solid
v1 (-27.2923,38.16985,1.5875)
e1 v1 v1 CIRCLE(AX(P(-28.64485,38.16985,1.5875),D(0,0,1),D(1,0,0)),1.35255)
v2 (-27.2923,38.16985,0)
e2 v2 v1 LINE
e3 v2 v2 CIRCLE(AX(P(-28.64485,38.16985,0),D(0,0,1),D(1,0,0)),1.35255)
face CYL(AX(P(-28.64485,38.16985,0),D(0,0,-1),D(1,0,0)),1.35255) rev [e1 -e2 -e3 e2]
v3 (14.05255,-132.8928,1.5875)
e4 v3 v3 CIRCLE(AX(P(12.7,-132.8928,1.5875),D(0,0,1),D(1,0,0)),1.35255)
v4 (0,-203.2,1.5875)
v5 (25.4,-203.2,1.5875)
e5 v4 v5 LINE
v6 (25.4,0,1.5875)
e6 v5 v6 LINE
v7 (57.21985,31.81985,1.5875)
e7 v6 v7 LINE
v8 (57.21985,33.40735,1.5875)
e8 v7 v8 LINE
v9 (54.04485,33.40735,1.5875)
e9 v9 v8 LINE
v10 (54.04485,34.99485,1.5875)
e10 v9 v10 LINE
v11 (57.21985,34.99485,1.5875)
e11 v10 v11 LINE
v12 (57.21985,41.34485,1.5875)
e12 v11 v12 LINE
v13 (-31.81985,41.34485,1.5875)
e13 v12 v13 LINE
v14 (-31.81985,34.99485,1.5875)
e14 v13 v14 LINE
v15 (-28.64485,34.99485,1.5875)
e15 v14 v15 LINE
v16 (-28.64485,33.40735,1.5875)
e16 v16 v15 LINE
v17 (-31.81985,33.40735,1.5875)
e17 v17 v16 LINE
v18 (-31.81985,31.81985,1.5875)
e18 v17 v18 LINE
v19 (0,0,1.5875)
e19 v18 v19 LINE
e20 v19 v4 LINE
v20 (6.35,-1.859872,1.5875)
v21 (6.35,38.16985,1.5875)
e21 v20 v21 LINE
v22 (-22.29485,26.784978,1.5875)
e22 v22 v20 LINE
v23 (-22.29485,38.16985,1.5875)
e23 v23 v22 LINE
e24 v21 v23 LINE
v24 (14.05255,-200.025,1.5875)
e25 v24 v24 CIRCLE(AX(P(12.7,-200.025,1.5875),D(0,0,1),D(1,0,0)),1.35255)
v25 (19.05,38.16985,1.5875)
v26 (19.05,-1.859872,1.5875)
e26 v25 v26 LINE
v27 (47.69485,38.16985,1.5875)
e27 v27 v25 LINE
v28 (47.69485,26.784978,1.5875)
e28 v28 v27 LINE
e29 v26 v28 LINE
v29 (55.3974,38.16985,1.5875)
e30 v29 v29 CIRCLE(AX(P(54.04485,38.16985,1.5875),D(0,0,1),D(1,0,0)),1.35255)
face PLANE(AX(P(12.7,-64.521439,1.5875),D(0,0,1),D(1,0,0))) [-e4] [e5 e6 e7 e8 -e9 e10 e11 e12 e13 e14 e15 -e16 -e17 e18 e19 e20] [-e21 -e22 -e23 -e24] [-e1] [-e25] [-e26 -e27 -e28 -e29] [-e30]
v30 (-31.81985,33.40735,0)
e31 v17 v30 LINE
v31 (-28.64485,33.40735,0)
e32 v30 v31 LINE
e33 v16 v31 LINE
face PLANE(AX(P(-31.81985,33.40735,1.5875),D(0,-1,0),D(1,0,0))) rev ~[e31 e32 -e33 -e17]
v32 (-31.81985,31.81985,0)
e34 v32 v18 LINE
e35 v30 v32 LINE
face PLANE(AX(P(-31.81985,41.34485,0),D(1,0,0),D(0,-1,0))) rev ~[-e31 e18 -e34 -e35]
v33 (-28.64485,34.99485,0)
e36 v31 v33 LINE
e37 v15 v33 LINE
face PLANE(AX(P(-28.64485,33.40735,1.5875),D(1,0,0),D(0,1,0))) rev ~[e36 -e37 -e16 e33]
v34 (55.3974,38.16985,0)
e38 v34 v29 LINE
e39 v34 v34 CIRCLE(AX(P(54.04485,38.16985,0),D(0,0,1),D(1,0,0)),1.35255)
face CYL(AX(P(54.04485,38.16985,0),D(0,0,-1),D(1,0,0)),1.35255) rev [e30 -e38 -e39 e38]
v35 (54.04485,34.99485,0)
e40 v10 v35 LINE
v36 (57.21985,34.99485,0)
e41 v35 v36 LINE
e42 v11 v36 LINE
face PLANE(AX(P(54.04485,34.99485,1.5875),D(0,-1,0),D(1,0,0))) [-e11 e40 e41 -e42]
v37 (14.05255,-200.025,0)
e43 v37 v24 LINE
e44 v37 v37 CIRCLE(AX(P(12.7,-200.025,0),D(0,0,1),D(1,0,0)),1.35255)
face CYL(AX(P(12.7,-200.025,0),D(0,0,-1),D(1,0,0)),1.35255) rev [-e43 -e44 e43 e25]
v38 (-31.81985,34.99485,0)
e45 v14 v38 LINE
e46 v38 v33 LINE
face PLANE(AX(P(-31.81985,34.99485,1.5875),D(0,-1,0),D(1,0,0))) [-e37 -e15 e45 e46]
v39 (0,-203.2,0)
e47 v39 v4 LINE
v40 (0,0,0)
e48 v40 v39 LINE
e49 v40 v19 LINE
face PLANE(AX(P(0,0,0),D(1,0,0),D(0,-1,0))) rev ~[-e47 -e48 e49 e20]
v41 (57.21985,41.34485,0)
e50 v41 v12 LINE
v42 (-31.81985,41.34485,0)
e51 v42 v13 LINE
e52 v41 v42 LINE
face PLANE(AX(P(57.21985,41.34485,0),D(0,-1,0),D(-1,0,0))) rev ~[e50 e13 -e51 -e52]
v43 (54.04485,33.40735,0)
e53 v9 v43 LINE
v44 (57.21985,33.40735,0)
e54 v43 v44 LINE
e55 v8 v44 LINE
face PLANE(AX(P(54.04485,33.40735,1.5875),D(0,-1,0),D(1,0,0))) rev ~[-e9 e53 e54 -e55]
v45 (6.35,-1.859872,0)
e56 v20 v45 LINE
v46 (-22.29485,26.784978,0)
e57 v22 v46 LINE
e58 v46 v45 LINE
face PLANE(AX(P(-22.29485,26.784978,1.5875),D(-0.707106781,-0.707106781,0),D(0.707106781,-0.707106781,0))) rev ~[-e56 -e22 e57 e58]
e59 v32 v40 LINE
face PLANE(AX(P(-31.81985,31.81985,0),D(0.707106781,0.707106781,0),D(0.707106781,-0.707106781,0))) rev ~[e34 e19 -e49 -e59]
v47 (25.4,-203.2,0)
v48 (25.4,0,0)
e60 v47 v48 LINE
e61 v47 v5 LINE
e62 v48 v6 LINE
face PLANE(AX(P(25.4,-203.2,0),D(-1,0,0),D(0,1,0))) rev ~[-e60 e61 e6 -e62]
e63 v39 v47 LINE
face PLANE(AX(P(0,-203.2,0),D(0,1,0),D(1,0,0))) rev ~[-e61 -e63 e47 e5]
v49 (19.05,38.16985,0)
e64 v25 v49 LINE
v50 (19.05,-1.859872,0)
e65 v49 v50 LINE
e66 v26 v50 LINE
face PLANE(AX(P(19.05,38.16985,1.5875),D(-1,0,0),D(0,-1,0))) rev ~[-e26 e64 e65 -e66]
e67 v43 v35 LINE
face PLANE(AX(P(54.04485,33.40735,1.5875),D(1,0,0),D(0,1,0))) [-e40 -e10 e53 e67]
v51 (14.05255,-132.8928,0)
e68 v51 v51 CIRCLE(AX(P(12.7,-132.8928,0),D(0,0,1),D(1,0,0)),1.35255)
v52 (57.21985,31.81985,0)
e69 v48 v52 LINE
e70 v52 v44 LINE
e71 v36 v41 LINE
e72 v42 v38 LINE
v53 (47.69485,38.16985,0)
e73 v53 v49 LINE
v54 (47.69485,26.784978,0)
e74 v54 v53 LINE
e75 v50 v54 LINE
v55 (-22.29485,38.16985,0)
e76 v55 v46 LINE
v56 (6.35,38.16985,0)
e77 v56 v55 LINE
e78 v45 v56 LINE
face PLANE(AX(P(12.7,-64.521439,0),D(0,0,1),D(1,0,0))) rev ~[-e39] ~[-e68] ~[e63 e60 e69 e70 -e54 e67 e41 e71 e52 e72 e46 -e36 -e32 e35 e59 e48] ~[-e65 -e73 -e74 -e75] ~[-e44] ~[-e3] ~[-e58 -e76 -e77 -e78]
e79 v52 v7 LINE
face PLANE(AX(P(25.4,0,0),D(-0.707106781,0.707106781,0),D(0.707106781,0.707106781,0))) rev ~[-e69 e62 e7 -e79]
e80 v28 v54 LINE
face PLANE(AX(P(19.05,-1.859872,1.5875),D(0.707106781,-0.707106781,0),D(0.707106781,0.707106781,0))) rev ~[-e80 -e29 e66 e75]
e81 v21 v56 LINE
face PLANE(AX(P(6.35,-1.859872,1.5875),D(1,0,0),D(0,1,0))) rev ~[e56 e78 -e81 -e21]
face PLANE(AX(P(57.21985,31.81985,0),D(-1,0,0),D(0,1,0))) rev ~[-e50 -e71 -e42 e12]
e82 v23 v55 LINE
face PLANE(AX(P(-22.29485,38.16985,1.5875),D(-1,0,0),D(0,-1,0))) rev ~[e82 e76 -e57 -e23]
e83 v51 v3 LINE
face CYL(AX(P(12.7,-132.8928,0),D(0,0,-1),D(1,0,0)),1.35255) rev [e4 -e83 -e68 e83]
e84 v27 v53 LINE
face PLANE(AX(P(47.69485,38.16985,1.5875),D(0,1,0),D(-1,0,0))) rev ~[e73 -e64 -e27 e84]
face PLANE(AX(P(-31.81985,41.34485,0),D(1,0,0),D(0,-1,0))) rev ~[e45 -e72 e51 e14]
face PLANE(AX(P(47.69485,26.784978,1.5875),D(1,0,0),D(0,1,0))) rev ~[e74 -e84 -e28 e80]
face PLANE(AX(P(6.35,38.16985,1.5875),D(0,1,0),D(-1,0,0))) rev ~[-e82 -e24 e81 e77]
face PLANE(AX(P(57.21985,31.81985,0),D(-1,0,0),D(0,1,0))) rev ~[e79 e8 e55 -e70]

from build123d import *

# Parameters (mm, degrees)
F0_R     = 1.35255
F1_DEPTH = 1.5875
F2_W     = 3.175
F2_H     = 1.5875
F3_DEPTH = 1.5875


with BuildPart() as f1:
    # F0 (on Top) → F1 (new body)
    with BuildSketch(Plane.XY):
        Polygon((0, 0), (0, -203.2), (25.4, -203.2), (25.4, 0), (57.21985, 31.81985), (57.21985, 41.34485), (-31.81985, 41.34485), (-31.81985, 31.81985), align=None)
        with Locations((12.7, -200.025)):
            Circle(F0_R, mode=Mode.SUBTRACT)
        with Locations((12.7, -132.8928)):
            Circle(F0_R, mode=Mode.SUBTRACT)
        with Locations((-28.64485, 38.16985)):
            Circle(F0_R, mode=Mode.SUBTRACT)
        with Locations((54.04485, 38.16985)):
            Circle(F0_R, mode=Mode.SUBTRACT)
    extrude(amount=F1_DEPTH)

    # F2 (on face) → F3 (cut, through all)
    with BuildSketch(Plane.XY.offset(1.5875)):
        with Locations((-30.23235, 34.2011)):
            Rectangle(F2_W, F2_H)
        with Locations((55.63235, 34.2011)):
            Rectangle(F2_W, F2_H)
        Polygon((-22.29485, 38.16985), (-22.29485, 26.784978), (6.35, -1.859872), (6.35, 38.16985), align=None)
        Polygon((47.69485, 38.16985), (19.05, 38.16985), (19.05, -1.859872), (47.69485, 26.784978), align=None)
    extrude(amount=-F3_DEPTH, mode=Mode.SUBTRACT)


solid = f1.part
